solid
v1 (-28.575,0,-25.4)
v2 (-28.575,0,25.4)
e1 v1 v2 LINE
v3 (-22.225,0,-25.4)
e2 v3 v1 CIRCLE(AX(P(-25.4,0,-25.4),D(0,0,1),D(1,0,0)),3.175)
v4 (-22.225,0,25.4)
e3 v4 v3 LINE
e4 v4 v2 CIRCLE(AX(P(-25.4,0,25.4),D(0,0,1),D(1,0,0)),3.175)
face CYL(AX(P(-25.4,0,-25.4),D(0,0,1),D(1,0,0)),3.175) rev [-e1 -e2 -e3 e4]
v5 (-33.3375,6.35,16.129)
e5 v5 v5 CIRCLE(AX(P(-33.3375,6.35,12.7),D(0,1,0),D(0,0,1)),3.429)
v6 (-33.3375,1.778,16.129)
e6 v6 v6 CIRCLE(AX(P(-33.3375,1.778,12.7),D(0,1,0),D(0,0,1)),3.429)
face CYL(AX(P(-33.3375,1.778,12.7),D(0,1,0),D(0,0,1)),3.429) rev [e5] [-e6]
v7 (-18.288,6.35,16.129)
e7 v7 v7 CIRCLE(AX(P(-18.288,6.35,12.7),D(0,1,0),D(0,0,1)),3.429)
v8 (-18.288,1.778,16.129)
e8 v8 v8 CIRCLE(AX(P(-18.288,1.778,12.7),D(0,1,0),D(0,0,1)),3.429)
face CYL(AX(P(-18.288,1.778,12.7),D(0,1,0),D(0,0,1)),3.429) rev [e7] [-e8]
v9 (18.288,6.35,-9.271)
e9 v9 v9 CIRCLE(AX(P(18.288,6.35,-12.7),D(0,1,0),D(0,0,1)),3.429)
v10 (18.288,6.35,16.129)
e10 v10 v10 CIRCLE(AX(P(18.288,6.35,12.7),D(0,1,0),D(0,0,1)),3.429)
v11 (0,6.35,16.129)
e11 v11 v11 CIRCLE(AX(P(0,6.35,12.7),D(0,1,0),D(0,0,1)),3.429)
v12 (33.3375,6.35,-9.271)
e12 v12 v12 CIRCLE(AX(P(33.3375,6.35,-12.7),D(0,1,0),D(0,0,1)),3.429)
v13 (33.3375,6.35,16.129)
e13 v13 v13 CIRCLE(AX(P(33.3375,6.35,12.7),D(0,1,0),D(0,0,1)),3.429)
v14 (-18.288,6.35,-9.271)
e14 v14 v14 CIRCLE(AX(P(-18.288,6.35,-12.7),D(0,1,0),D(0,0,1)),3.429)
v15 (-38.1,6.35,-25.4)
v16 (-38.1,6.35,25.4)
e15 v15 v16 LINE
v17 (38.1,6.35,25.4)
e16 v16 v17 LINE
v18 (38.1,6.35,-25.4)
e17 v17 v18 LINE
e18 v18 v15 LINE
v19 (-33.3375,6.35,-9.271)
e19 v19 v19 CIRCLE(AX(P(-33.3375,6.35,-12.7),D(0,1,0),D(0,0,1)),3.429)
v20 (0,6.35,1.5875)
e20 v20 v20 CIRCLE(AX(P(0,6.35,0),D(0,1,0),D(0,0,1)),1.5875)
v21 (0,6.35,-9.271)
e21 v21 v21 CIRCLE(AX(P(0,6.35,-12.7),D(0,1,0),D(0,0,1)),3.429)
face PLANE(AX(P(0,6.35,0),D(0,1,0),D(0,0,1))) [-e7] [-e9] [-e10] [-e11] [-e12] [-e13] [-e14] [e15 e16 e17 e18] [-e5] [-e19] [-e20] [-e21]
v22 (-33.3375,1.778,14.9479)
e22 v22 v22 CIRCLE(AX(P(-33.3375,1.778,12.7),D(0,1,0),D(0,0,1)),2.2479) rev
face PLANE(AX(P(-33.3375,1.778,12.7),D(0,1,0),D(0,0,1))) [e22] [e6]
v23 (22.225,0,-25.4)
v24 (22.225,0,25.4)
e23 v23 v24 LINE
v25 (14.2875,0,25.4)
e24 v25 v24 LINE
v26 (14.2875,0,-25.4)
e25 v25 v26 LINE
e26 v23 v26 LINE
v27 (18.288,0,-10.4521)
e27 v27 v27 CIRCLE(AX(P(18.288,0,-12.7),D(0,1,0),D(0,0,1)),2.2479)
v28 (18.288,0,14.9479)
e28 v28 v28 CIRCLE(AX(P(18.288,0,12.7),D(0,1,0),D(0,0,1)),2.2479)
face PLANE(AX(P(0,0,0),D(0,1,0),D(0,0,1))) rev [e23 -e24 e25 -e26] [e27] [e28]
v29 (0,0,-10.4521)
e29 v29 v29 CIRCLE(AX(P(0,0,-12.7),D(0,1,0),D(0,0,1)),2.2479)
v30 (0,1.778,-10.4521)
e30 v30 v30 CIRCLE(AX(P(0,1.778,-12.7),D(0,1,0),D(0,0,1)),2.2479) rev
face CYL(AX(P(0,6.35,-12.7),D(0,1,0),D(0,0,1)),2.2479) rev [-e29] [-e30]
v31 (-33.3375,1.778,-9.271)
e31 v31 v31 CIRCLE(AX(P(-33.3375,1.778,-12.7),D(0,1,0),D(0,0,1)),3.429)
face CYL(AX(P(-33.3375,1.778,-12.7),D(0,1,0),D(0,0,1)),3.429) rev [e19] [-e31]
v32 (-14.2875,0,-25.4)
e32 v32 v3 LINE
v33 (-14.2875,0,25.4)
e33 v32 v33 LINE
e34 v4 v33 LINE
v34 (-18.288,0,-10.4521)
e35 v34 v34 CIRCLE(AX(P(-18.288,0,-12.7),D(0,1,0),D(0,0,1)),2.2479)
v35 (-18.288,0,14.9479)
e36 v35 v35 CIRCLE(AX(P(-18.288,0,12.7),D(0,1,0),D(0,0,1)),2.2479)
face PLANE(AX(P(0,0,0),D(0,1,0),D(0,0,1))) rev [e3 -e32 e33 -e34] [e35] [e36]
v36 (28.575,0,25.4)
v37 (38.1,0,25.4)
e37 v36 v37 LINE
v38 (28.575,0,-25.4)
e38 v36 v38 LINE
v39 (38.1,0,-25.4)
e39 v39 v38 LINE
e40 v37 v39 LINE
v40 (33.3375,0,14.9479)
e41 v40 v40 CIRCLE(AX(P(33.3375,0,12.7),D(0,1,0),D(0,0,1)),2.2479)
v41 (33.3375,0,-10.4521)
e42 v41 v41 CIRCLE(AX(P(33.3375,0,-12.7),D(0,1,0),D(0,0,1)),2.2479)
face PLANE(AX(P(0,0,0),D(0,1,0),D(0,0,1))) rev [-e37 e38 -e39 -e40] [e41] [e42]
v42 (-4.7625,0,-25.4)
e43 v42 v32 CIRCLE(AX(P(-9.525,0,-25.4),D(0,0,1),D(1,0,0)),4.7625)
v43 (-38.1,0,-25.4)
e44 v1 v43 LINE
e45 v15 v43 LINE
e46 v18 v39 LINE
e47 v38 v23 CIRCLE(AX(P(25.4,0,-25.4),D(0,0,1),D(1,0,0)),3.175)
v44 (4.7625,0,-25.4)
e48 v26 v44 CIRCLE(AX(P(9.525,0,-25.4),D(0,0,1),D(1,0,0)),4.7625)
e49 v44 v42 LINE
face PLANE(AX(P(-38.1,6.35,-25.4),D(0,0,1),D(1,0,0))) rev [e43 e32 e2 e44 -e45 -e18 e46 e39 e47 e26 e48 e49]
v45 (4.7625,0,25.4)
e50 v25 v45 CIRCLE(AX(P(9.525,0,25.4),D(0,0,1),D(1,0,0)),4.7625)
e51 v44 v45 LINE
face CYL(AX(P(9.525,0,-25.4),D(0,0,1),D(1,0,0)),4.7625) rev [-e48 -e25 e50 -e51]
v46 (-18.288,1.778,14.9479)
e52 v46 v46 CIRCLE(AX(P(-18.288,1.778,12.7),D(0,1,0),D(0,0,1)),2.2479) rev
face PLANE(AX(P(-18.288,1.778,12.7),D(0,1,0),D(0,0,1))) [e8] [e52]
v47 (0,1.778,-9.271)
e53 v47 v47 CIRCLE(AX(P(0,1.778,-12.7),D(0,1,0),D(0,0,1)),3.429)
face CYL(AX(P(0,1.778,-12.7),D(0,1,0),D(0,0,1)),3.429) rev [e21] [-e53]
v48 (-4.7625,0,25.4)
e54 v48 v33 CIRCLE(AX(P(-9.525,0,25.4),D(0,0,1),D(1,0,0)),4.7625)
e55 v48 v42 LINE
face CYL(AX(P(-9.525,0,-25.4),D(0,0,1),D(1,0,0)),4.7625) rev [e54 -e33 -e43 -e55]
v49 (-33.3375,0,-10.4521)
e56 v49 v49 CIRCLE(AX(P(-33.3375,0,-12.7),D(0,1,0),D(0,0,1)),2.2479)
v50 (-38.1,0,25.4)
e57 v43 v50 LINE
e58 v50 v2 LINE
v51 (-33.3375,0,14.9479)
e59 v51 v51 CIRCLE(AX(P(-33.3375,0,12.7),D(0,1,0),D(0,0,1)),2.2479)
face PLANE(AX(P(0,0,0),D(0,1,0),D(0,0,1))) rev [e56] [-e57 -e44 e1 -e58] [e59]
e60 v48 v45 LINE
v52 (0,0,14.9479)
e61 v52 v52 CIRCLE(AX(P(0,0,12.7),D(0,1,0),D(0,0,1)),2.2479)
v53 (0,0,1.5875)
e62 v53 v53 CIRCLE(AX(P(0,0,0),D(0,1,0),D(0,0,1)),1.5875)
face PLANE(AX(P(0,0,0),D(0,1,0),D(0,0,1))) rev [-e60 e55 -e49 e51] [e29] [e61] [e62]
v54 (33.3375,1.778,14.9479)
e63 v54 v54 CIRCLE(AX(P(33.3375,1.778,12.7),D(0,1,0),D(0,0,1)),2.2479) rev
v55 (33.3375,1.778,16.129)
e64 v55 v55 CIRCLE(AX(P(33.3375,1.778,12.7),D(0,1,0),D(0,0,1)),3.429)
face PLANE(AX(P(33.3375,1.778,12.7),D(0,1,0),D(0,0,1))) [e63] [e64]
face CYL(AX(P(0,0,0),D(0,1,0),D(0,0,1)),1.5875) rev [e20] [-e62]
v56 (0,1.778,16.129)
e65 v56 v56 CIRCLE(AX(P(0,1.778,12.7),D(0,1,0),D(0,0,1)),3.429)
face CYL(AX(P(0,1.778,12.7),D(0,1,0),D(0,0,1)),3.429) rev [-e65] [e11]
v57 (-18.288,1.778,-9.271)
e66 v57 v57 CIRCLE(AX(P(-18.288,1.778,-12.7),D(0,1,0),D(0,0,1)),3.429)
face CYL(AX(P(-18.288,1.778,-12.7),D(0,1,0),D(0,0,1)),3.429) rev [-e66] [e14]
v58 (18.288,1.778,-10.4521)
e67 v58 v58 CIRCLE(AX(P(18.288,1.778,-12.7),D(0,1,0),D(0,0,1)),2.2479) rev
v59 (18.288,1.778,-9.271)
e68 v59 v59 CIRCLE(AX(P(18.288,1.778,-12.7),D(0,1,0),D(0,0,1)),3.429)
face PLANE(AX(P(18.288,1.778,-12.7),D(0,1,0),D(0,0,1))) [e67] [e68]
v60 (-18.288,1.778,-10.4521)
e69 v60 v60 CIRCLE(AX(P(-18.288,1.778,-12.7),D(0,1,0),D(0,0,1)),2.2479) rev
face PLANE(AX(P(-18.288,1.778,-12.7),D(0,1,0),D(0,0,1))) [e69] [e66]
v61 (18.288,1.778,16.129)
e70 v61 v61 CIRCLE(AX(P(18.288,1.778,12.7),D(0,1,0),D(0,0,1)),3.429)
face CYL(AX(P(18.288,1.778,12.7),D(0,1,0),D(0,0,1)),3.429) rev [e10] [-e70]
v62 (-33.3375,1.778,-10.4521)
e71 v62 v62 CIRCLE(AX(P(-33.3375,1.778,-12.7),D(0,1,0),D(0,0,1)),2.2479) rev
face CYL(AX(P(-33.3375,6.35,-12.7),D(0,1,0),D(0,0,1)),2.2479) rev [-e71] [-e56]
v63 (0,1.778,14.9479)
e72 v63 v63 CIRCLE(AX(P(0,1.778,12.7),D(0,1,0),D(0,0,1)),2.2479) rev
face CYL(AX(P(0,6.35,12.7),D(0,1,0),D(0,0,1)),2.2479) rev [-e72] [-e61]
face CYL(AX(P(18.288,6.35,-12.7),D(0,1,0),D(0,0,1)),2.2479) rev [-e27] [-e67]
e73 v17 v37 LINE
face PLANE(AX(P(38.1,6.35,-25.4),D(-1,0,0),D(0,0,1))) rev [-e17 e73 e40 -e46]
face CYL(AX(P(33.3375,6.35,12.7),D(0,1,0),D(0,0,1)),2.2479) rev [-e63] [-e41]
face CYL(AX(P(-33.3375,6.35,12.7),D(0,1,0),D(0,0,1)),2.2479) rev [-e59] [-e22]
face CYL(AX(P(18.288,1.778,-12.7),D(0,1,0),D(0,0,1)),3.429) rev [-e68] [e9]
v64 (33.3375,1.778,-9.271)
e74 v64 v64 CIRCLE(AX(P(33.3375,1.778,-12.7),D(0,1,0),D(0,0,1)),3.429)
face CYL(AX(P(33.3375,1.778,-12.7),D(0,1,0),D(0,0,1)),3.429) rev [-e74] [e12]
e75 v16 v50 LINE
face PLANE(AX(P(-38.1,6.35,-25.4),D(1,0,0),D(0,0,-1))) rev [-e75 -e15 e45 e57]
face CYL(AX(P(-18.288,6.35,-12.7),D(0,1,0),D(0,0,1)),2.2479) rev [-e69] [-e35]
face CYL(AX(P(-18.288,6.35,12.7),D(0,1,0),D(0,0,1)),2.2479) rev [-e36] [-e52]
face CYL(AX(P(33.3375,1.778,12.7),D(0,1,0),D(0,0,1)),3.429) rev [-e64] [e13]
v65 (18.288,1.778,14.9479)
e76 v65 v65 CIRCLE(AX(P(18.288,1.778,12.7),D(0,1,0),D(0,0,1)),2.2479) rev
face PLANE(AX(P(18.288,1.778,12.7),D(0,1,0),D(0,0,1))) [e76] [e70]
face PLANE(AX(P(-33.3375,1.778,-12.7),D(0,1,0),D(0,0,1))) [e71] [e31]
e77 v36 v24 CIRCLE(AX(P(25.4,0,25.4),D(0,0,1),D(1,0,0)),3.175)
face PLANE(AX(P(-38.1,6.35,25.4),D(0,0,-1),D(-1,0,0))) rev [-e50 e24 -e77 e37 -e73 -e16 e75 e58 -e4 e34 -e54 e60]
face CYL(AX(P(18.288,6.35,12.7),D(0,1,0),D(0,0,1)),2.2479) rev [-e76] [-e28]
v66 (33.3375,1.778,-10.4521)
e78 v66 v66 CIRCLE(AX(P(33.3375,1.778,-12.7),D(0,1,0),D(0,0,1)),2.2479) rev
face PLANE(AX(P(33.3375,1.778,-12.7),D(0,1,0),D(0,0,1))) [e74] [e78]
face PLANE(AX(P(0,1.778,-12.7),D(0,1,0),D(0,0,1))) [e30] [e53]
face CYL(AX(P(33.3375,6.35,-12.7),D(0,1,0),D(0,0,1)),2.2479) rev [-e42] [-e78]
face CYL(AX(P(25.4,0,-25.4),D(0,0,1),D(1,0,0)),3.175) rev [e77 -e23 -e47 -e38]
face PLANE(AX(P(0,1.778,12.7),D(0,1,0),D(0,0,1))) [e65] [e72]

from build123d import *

# Parameters (mm, degrees)
SKETCH1_W             = 76.2
SKETCH1_H             = 50.8
BOSS_EXTRUDE1_DEPTH   = 6.35
SKETCH2_R             = 3.175
CUT_EXTRUDE1_DEPTH    = 64.816710194
SKETCH3_R             = 4.7625
CUT_EXTRUDE2_DEPTH    = 64.816710194
F_8_CLEARANCE_HOLE1_D = 4.4958
SKETCH6_R             = 3.429
CUT_EXTRUDE3_DEPTH    = 4.572
SKETCH7_R             = 1.5875
CUT_EXTRUDE4_DEPTH    = 47.228697797


with BuildPart() as part:
    # Sketch1 → Boss-Extrude1 (new body)
    with BuildSketch(Plane(origin=(0, 0, 0), x_dir=(1, 0, 0), z_dir=(0, 1, 0))):
        Rectangle(SKETCH1_W, SKETCH1_H)
    extrude(amount=BOSS_EXTRUDE1_DEPTH)

    # Sketch2 → Cut-Extrude1 (cut, through all)
    with BuildSketch(Plane.XY.offset(25.4)):
        with Locations((-25.4, 0)):
            Circle(SKETCH2_R)
        with Locations((25.4, 0)):
            Circle(SKETCH2_R)
    extrude(amount=-CUT_EXTRUDE1_DEPTH, mode=Mode.SUBTRACT)

    # Sketch3 → Cut-Extrude2 (cut, through all)
    with BuildSketch(Plane.XY.offset(25.4)):
        with Locations((-9.525, 0)):
            Circle(SKETCH3_R)
        with Locations((9.525, 0)):
            Circle(SKETCH3_R)
    extrude(amount=-CUT_EXTRUDE2_DEPTH, mode=Mode.SUBTRACT)

    # #8 Clearance Hole1 (through all)
    with Locations(Plane(origin=(0, 6.35, 0), x_dir=(1, 0, 0), z_dir=(0, 1, 0))):
        with Locations((-33.3375, 12.7), (-33.3375, -12.7), (-18.288, -12.7), (0, -12.7), (18.288, -12.7), (33.3375, -12.7), (33.3375, 12.7), (18.288, 12.7), (0, 12.7), (-18.288, 12.7)):
            Hole(F_8_CLEARANCE_HOLE1_D / 2)

    # Sketch6 → Cut-Extrude3 (cut)
    with BuildSketch(Plane(origin=(0, 6.35, 0), x_dir=(1, 0, 0), z_dir=(0, 1, 0))):
        with Locations(Location((-33.3375, 12.7, 0), (0, 0, 270))):
            Circle(SKETCH6_R)
        with Locations(Location((-18.288, 12.7, 0), (0, 0, 270))):
            Circle(SKETCH6_R)
        with Locations(Location((0, 12.7, 0), (0, 0, 270))):
            Circle(SKETCH6_R)
        with Locations(Location((18.288, 12.7, 0), (0, 0, 270))):
            Circle(SKETCH6_R)
        with Locations(Location((33.3375, 12.7, 0), (0, 0, 270))):
            Circle(SKETCH6_R)
        with Locations(Location((33.3375, -12.7, 0), (0, 0, 270))):
            Circle(SKETCH6_R)
        with Locations(Location((18.288, -12.7, 0), (0, 0, 270))):
            Circle(SKETCH6_R)
        with Locations(Location((0, -12.7, 0), (0, 0, 270))):
            Circle(SKETCH6_R)
        with Locations(Location((-18.288, -12.7, 0), (0, 0, 270))):
            Circle(SKETCH6_R)
        with Locations(Location((-33.3375, -12.7, 0), (0, 0, 270))):
            Circle(SKETCH6_R)
    extrude(amount=-CUT_EXTRUDE3_DEPTH, mode=Mode.SUBTRACT)

    # Sketch7 → Cut-Extrude4 (cut, through all)
    with BuildSketch(Plane(origin=(0, 6.35, 0), x_dir=(1, 0, 0), z_dir=(0, 1, 0))):
        with Locations(Location((0, 0, 0), (0, 0, 270))):
            Circle(SKETCH7_R)
    extrude(amount=-CUT_EXTRUDE4_DEPTH, mode=Mode.SUBTRACT)


solid = part.part
